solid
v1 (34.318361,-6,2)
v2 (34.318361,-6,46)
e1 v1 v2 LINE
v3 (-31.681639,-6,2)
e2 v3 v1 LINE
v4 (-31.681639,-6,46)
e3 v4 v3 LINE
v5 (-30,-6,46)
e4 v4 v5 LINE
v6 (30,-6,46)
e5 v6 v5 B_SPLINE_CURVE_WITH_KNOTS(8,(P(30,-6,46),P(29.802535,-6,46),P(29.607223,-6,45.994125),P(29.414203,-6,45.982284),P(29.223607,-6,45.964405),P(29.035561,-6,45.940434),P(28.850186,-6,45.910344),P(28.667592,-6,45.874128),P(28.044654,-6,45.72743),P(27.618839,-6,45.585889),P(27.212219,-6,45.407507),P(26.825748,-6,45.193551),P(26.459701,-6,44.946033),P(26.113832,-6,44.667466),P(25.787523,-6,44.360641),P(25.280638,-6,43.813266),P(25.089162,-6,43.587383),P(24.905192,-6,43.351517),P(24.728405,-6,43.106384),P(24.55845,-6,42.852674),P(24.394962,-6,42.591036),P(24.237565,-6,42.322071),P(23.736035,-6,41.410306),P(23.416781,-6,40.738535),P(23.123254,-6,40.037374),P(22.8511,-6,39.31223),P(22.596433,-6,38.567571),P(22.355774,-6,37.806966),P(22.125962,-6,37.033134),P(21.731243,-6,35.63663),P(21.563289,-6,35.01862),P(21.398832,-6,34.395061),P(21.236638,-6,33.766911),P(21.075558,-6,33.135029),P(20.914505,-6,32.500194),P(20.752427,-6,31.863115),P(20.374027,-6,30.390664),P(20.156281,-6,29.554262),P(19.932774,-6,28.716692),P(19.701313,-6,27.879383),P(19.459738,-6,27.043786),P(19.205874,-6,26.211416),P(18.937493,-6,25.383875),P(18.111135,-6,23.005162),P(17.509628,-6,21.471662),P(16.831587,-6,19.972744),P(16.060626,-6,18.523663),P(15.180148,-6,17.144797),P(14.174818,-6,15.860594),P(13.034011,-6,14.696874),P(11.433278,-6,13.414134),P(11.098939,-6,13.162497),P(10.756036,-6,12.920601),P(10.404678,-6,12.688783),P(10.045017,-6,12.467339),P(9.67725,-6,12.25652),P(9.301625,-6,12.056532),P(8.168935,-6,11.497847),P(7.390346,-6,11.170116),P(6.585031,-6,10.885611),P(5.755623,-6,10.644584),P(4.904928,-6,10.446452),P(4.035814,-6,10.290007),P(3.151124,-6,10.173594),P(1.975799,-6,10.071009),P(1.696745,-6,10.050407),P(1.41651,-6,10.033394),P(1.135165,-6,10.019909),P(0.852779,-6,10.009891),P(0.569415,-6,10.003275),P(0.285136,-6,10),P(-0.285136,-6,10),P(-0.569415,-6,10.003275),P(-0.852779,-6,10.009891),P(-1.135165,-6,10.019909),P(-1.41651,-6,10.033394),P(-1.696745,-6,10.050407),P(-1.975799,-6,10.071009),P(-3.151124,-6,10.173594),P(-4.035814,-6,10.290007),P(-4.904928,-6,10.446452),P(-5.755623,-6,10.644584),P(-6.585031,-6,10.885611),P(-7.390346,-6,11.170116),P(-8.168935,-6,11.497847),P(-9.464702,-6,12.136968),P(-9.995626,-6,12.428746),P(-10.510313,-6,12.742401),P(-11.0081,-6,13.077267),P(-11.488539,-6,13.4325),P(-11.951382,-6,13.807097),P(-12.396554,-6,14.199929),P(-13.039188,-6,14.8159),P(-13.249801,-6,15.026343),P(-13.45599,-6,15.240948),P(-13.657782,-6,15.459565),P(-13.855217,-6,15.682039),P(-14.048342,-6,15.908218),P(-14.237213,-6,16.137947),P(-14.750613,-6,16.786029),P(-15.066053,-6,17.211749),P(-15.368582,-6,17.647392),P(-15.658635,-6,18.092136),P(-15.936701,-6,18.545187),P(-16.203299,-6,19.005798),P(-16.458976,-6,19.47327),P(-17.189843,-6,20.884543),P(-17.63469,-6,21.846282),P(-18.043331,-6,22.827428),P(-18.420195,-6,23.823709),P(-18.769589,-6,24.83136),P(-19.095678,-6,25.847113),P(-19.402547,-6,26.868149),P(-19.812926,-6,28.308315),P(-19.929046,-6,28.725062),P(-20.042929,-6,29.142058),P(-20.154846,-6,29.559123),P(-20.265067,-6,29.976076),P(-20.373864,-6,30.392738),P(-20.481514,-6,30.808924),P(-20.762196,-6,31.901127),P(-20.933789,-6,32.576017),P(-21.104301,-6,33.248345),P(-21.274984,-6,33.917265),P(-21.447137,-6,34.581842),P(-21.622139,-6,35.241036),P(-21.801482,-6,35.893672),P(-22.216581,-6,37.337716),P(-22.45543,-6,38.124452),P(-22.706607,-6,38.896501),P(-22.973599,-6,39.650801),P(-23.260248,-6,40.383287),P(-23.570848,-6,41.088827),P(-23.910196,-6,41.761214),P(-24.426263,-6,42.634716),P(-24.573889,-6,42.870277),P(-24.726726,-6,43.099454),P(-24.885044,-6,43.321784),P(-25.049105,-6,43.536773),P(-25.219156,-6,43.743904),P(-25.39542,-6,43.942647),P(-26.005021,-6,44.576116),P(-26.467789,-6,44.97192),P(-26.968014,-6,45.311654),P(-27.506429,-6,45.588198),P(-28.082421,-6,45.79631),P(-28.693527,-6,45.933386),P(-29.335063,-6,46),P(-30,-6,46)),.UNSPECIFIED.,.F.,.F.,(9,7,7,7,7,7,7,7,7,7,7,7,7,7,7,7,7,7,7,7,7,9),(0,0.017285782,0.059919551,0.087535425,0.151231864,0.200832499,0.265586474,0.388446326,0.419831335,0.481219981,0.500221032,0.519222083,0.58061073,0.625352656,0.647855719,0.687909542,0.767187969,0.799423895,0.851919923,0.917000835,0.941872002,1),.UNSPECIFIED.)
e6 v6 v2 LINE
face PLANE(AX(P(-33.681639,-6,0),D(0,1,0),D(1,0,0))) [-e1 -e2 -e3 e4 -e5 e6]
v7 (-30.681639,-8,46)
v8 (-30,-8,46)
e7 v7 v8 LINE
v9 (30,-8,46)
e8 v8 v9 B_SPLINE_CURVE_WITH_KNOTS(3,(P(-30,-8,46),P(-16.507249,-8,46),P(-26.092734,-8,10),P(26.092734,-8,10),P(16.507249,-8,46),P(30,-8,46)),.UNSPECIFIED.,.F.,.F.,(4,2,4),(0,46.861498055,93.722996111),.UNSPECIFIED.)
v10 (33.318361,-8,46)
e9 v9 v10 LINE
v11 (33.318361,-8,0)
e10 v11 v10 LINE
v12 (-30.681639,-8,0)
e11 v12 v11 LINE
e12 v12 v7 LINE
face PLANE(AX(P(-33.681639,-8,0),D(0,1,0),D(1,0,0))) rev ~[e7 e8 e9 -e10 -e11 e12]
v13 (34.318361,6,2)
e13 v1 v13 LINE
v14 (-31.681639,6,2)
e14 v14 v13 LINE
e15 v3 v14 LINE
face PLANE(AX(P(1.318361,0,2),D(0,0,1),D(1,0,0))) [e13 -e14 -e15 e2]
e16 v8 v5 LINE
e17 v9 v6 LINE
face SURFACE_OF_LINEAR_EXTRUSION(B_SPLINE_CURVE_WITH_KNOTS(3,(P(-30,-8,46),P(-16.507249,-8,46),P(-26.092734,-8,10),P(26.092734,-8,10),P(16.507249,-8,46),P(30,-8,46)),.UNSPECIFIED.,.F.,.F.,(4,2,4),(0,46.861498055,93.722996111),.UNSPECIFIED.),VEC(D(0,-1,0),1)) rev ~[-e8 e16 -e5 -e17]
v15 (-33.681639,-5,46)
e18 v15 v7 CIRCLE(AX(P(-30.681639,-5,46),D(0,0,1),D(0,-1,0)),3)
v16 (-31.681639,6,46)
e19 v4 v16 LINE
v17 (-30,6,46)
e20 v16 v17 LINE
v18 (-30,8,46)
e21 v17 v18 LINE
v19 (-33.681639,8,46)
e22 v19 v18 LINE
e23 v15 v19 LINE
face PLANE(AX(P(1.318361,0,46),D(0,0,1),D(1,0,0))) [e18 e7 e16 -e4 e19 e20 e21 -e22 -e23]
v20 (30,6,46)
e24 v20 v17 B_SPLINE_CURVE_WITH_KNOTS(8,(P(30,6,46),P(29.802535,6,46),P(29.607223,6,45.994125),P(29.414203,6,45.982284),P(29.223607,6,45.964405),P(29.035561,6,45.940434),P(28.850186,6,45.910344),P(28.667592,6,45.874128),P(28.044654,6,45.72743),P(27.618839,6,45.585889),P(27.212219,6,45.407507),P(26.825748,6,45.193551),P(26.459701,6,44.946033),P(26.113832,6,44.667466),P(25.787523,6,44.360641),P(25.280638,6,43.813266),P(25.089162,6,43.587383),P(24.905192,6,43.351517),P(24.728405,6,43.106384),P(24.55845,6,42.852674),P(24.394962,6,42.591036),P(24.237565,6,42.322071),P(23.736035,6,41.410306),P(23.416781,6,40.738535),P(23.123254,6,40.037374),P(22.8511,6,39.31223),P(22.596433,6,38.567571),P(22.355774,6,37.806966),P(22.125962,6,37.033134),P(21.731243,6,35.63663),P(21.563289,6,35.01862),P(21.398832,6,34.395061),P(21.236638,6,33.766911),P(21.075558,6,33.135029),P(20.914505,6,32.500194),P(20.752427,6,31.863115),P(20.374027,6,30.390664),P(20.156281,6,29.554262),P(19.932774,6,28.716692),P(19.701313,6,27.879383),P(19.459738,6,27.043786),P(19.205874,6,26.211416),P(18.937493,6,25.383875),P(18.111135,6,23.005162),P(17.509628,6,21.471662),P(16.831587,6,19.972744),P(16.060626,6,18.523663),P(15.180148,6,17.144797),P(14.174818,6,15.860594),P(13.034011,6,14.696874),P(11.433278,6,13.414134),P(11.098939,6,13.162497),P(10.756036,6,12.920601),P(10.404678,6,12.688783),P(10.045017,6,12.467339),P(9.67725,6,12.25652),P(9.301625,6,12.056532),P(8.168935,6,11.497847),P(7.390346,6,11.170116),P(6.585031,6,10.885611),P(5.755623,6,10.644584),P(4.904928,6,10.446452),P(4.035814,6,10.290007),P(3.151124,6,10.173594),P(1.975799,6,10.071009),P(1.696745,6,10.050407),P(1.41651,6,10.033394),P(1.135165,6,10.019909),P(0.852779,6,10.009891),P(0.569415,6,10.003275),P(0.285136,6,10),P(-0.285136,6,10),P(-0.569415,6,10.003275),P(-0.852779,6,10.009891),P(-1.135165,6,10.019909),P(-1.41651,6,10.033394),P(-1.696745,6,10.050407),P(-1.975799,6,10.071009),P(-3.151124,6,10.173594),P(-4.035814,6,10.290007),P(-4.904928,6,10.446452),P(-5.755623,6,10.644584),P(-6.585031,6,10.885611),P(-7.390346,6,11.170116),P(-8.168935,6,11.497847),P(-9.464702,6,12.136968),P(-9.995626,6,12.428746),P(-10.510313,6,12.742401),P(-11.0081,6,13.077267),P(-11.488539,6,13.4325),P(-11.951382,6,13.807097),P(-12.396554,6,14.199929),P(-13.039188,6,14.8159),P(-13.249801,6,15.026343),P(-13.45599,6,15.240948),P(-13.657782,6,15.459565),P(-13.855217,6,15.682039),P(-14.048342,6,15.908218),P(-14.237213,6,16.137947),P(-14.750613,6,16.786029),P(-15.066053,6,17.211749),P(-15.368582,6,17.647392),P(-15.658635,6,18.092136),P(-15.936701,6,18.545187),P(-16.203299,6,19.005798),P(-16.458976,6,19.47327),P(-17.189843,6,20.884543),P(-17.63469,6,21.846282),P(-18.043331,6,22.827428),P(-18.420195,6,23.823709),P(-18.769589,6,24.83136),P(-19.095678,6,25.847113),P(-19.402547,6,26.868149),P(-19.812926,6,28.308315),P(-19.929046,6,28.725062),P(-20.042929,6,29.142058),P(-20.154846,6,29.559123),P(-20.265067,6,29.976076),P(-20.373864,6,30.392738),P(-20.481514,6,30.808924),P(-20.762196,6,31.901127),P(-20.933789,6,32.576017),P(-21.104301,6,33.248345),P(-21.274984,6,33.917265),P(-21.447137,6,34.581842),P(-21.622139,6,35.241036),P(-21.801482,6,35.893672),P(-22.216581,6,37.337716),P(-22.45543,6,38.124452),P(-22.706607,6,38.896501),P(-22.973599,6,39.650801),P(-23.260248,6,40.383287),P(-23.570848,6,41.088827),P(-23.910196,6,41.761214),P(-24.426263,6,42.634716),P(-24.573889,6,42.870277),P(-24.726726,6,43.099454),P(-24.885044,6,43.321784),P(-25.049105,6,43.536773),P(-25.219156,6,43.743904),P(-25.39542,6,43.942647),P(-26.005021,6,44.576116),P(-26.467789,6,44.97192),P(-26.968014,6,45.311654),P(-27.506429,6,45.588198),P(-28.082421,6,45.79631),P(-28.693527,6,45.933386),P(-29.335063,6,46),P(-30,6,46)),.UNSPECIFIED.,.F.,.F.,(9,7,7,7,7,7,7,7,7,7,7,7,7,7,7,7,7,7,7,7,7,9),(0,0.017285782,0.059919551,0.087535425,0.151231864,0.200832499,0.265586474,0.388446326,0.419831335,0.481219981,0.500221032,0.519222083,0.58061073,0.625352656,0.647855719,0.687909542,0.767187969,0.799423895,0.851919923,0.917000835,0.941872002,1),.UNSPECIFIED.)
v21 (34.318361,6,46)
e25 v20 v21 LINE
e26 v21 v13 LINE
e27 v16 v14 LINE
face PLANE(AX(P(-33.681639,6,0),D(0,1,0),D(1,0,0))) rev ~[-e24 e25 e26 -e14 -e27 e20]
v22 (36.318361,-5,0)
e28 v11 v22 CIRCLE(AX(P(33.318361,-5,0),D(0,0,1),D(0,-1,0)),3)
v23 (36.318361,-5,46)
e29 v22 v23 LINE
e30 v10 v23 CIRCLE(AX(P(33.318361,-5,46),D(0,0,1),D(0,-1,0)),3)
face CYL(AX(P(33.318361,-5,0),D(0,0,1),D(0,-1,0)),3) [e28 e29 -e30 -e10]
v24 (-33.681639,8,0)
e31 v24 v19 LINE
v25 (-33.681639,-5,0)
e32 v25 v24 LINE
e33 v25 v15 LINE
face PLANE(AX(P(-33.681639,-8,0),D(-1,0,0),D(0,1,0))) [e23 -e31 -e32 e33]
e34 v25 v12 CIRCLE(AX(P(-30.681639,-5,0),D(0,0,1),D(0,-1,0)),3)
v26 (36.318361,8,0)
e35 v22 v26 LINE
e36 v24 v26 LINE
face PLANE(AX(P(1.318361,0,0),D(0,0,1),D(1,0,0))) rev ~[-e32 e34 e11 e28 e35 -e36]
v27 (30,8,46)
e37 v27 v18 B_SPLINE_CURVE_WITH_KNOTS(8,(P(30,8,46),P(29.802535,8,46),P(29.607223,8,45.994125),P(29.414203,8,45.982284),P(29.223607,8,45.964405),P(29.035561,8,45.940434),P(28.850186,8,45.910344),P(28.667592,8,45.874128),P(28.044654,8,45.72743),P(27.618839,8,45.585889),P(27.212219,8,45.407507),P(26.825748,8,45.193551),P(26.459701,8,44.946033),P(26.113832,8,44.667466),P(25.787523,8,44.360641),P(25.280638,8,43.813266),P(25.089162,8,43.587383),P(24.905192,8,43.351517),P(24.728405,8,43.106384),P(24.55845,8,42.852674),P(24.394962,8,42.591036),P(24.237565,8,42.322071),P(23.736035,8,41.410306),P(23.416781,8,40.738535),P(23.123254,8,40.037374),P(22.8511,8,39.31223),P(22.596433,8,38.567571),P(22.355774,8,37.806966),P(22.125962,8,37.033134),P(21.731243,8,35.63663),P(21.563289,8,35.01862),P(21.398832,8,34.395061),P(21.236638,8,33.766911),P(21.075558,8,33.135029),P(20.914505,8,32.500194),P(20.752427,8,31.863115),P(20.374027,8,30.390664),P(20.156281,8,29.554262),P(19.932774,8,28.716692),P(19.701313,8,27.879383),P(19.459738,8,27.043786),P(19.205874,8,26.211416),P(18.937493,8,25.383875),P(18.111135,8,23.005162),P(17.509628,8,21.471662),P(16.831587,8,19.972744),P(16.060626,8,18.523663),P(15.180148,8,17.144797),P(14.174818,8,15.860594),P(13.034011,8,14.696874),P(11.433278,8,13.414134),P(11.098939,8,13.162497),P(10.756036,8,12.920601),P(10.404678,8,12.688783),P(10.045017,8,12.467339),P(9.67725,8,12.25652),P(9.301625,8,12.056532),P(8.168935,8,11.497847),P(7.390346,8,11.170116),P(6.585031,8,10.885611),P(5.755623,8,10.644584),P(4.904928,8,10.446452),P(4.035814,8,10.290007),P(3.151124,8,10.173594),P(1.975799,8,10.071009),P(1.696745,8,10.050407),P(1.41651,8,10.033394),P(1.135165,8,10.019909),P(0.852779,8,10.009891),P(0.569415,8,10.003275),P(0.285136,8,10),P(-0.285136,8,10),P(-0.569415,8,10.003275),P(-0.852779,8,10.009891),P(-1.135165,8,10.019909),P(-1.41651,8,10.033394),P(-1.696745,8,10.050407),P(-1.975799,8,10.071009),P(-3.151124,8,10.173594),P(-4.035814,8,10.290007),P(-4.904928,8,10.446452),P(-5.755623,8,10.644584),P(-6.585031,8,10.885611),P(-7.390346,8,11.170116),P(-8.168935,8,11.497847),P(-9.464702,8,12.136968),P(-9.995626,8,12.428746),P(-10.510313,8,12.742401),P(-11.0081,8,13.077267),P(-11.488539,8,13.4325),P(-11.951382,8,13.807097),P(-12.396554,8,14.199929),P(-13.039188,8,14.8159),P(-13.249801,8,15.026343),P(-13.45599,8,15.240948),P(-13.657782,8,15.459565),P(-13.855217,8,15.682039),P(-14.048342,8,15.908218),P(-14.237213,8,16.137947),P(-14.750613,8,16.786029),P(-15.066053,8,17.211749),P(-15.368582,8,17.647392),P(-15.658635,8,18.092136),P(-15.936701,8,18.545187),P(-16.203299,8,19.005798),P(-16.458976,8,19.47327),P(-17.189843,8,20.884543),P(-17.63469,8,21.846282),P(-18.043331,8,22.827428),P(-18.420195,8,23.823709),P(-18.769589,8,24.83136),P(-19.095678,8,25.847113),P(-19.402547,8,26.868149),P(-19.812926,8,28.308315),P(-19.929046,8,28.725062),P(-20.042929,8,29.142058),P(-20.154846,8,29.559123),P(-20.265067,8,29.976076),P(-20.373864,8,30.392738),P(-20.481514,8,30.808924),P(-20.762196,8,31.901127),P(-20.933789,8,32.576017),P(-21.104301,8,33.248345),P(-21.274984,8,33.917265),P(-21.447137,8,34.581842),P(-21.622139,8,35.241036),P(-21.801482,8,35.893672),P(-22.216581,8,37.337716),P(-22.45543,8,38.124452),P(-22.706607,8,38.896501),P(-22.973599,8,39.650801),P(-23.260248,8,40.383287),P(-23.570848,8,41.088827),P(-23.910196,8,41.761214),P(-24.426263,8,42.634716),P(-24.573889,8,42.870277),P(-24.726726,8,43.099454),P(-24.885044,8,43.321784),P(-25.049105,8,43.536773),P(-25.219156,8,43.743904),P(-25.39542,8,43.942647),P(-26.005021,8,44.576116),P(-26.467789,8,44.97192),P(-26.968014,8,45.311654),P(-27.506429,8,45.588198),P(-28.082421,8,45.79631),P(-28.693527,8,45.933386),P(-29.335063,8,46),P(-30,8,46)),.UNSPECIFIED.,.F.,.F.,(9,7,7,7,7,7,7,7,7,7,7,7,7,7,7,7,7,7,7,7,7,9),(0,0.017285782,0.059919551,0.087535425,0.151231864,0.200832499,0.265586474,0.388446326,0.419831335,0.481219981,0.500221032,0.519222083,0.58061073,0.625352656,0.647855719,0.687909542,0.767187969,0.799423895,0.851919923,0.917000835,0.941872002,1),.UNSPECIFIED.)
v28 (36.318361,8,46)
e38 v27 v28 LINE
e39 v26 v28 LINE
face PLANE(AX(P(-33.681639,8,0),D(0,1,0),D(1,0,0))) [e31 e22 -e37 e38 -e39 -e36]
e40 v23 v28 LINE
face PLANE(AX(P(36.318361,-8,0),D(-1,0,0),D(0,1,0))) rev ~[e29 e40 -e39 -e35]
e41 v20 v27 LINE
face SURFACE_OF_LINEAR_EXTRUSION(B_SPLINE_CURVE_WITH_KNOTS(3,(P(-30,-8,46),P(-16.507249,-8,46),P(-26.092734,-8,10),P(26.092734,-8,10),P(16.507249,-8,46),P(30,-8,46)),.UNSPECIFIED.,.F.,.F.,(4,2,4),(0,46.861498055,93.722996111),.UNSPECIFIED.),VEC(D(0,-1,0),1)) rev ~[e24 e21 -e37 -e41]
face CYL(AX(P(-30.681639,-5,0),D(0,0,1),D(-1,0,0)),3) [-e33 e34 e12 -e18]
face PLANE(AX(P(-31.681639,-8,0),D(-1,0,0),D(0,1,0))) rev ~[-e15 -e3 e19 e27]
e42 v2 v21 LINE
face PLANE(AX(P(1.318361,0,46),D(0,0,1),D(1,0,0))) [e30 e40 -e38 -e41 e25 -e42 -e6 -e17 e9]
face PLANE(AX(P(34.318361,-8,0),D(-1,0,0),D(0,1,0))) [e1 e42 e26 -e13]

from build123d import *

# Parameters (mm, degrees)
F0_W     = 70
F0_H     = 16
F1_DEPTH = 46
F2_T     = -2
F4_DEPTH = 100
F5_R     = 3


with BuildPart() as f1:
    # F0 (on Top) → F1 (new body)
    with BuildSketch(Plane.XY):
        with Locations((1.3183606789, 0)):
            Rectangle(F0_W, F0_H)
    extrude(amount=F1_DEPTH)

    # F2
    f2_openings = [f1.faces().sort_by_distance(p)[0] for p in [
        (1.318361, 0, 46),
    ]]
    offset(amount=F2_T, openings=f2_openings)

    # F3 (on face) → F4 (cut)
    with BuildSketch(Plane.XZ.offset(8)):
        with BuildLine():
            Line((0, 46), (-30, 46))
            add(Edge.make_bspline(
                [(-30, 46), (-16.5072491299, 46), (-26.0927335684, 10), (0, 10)],
                knots=[0, 0, 0, 0, 46.8614980554, 46.8614980554, 46.8614980554, 46.8614980554], degree=3))
            add(Edge.make_bspline(
                [(30, 46), (16.5072491299, 46), (26.0927335684, 10), (0, 10)],
                knots=[0, 0, 0, 0, 46.8614980554, 46.8614980554, 46.8614980554, 46.8614980554], degree=3))
            Line((30, 46), (0, 46))
        make_face()
    extrude(amount=-F4_DEPTH, mode=Mode.SUBTRACT)

    # F5
    f5_edges = [f1.edges().sort_by_distance(p)[0] for p in [
        (-33.681639, -8, 23),
        (36.318361, -8, 23),
    ]]
    fillet(f5_edges, radius=F5_R)


solid = f1.part
